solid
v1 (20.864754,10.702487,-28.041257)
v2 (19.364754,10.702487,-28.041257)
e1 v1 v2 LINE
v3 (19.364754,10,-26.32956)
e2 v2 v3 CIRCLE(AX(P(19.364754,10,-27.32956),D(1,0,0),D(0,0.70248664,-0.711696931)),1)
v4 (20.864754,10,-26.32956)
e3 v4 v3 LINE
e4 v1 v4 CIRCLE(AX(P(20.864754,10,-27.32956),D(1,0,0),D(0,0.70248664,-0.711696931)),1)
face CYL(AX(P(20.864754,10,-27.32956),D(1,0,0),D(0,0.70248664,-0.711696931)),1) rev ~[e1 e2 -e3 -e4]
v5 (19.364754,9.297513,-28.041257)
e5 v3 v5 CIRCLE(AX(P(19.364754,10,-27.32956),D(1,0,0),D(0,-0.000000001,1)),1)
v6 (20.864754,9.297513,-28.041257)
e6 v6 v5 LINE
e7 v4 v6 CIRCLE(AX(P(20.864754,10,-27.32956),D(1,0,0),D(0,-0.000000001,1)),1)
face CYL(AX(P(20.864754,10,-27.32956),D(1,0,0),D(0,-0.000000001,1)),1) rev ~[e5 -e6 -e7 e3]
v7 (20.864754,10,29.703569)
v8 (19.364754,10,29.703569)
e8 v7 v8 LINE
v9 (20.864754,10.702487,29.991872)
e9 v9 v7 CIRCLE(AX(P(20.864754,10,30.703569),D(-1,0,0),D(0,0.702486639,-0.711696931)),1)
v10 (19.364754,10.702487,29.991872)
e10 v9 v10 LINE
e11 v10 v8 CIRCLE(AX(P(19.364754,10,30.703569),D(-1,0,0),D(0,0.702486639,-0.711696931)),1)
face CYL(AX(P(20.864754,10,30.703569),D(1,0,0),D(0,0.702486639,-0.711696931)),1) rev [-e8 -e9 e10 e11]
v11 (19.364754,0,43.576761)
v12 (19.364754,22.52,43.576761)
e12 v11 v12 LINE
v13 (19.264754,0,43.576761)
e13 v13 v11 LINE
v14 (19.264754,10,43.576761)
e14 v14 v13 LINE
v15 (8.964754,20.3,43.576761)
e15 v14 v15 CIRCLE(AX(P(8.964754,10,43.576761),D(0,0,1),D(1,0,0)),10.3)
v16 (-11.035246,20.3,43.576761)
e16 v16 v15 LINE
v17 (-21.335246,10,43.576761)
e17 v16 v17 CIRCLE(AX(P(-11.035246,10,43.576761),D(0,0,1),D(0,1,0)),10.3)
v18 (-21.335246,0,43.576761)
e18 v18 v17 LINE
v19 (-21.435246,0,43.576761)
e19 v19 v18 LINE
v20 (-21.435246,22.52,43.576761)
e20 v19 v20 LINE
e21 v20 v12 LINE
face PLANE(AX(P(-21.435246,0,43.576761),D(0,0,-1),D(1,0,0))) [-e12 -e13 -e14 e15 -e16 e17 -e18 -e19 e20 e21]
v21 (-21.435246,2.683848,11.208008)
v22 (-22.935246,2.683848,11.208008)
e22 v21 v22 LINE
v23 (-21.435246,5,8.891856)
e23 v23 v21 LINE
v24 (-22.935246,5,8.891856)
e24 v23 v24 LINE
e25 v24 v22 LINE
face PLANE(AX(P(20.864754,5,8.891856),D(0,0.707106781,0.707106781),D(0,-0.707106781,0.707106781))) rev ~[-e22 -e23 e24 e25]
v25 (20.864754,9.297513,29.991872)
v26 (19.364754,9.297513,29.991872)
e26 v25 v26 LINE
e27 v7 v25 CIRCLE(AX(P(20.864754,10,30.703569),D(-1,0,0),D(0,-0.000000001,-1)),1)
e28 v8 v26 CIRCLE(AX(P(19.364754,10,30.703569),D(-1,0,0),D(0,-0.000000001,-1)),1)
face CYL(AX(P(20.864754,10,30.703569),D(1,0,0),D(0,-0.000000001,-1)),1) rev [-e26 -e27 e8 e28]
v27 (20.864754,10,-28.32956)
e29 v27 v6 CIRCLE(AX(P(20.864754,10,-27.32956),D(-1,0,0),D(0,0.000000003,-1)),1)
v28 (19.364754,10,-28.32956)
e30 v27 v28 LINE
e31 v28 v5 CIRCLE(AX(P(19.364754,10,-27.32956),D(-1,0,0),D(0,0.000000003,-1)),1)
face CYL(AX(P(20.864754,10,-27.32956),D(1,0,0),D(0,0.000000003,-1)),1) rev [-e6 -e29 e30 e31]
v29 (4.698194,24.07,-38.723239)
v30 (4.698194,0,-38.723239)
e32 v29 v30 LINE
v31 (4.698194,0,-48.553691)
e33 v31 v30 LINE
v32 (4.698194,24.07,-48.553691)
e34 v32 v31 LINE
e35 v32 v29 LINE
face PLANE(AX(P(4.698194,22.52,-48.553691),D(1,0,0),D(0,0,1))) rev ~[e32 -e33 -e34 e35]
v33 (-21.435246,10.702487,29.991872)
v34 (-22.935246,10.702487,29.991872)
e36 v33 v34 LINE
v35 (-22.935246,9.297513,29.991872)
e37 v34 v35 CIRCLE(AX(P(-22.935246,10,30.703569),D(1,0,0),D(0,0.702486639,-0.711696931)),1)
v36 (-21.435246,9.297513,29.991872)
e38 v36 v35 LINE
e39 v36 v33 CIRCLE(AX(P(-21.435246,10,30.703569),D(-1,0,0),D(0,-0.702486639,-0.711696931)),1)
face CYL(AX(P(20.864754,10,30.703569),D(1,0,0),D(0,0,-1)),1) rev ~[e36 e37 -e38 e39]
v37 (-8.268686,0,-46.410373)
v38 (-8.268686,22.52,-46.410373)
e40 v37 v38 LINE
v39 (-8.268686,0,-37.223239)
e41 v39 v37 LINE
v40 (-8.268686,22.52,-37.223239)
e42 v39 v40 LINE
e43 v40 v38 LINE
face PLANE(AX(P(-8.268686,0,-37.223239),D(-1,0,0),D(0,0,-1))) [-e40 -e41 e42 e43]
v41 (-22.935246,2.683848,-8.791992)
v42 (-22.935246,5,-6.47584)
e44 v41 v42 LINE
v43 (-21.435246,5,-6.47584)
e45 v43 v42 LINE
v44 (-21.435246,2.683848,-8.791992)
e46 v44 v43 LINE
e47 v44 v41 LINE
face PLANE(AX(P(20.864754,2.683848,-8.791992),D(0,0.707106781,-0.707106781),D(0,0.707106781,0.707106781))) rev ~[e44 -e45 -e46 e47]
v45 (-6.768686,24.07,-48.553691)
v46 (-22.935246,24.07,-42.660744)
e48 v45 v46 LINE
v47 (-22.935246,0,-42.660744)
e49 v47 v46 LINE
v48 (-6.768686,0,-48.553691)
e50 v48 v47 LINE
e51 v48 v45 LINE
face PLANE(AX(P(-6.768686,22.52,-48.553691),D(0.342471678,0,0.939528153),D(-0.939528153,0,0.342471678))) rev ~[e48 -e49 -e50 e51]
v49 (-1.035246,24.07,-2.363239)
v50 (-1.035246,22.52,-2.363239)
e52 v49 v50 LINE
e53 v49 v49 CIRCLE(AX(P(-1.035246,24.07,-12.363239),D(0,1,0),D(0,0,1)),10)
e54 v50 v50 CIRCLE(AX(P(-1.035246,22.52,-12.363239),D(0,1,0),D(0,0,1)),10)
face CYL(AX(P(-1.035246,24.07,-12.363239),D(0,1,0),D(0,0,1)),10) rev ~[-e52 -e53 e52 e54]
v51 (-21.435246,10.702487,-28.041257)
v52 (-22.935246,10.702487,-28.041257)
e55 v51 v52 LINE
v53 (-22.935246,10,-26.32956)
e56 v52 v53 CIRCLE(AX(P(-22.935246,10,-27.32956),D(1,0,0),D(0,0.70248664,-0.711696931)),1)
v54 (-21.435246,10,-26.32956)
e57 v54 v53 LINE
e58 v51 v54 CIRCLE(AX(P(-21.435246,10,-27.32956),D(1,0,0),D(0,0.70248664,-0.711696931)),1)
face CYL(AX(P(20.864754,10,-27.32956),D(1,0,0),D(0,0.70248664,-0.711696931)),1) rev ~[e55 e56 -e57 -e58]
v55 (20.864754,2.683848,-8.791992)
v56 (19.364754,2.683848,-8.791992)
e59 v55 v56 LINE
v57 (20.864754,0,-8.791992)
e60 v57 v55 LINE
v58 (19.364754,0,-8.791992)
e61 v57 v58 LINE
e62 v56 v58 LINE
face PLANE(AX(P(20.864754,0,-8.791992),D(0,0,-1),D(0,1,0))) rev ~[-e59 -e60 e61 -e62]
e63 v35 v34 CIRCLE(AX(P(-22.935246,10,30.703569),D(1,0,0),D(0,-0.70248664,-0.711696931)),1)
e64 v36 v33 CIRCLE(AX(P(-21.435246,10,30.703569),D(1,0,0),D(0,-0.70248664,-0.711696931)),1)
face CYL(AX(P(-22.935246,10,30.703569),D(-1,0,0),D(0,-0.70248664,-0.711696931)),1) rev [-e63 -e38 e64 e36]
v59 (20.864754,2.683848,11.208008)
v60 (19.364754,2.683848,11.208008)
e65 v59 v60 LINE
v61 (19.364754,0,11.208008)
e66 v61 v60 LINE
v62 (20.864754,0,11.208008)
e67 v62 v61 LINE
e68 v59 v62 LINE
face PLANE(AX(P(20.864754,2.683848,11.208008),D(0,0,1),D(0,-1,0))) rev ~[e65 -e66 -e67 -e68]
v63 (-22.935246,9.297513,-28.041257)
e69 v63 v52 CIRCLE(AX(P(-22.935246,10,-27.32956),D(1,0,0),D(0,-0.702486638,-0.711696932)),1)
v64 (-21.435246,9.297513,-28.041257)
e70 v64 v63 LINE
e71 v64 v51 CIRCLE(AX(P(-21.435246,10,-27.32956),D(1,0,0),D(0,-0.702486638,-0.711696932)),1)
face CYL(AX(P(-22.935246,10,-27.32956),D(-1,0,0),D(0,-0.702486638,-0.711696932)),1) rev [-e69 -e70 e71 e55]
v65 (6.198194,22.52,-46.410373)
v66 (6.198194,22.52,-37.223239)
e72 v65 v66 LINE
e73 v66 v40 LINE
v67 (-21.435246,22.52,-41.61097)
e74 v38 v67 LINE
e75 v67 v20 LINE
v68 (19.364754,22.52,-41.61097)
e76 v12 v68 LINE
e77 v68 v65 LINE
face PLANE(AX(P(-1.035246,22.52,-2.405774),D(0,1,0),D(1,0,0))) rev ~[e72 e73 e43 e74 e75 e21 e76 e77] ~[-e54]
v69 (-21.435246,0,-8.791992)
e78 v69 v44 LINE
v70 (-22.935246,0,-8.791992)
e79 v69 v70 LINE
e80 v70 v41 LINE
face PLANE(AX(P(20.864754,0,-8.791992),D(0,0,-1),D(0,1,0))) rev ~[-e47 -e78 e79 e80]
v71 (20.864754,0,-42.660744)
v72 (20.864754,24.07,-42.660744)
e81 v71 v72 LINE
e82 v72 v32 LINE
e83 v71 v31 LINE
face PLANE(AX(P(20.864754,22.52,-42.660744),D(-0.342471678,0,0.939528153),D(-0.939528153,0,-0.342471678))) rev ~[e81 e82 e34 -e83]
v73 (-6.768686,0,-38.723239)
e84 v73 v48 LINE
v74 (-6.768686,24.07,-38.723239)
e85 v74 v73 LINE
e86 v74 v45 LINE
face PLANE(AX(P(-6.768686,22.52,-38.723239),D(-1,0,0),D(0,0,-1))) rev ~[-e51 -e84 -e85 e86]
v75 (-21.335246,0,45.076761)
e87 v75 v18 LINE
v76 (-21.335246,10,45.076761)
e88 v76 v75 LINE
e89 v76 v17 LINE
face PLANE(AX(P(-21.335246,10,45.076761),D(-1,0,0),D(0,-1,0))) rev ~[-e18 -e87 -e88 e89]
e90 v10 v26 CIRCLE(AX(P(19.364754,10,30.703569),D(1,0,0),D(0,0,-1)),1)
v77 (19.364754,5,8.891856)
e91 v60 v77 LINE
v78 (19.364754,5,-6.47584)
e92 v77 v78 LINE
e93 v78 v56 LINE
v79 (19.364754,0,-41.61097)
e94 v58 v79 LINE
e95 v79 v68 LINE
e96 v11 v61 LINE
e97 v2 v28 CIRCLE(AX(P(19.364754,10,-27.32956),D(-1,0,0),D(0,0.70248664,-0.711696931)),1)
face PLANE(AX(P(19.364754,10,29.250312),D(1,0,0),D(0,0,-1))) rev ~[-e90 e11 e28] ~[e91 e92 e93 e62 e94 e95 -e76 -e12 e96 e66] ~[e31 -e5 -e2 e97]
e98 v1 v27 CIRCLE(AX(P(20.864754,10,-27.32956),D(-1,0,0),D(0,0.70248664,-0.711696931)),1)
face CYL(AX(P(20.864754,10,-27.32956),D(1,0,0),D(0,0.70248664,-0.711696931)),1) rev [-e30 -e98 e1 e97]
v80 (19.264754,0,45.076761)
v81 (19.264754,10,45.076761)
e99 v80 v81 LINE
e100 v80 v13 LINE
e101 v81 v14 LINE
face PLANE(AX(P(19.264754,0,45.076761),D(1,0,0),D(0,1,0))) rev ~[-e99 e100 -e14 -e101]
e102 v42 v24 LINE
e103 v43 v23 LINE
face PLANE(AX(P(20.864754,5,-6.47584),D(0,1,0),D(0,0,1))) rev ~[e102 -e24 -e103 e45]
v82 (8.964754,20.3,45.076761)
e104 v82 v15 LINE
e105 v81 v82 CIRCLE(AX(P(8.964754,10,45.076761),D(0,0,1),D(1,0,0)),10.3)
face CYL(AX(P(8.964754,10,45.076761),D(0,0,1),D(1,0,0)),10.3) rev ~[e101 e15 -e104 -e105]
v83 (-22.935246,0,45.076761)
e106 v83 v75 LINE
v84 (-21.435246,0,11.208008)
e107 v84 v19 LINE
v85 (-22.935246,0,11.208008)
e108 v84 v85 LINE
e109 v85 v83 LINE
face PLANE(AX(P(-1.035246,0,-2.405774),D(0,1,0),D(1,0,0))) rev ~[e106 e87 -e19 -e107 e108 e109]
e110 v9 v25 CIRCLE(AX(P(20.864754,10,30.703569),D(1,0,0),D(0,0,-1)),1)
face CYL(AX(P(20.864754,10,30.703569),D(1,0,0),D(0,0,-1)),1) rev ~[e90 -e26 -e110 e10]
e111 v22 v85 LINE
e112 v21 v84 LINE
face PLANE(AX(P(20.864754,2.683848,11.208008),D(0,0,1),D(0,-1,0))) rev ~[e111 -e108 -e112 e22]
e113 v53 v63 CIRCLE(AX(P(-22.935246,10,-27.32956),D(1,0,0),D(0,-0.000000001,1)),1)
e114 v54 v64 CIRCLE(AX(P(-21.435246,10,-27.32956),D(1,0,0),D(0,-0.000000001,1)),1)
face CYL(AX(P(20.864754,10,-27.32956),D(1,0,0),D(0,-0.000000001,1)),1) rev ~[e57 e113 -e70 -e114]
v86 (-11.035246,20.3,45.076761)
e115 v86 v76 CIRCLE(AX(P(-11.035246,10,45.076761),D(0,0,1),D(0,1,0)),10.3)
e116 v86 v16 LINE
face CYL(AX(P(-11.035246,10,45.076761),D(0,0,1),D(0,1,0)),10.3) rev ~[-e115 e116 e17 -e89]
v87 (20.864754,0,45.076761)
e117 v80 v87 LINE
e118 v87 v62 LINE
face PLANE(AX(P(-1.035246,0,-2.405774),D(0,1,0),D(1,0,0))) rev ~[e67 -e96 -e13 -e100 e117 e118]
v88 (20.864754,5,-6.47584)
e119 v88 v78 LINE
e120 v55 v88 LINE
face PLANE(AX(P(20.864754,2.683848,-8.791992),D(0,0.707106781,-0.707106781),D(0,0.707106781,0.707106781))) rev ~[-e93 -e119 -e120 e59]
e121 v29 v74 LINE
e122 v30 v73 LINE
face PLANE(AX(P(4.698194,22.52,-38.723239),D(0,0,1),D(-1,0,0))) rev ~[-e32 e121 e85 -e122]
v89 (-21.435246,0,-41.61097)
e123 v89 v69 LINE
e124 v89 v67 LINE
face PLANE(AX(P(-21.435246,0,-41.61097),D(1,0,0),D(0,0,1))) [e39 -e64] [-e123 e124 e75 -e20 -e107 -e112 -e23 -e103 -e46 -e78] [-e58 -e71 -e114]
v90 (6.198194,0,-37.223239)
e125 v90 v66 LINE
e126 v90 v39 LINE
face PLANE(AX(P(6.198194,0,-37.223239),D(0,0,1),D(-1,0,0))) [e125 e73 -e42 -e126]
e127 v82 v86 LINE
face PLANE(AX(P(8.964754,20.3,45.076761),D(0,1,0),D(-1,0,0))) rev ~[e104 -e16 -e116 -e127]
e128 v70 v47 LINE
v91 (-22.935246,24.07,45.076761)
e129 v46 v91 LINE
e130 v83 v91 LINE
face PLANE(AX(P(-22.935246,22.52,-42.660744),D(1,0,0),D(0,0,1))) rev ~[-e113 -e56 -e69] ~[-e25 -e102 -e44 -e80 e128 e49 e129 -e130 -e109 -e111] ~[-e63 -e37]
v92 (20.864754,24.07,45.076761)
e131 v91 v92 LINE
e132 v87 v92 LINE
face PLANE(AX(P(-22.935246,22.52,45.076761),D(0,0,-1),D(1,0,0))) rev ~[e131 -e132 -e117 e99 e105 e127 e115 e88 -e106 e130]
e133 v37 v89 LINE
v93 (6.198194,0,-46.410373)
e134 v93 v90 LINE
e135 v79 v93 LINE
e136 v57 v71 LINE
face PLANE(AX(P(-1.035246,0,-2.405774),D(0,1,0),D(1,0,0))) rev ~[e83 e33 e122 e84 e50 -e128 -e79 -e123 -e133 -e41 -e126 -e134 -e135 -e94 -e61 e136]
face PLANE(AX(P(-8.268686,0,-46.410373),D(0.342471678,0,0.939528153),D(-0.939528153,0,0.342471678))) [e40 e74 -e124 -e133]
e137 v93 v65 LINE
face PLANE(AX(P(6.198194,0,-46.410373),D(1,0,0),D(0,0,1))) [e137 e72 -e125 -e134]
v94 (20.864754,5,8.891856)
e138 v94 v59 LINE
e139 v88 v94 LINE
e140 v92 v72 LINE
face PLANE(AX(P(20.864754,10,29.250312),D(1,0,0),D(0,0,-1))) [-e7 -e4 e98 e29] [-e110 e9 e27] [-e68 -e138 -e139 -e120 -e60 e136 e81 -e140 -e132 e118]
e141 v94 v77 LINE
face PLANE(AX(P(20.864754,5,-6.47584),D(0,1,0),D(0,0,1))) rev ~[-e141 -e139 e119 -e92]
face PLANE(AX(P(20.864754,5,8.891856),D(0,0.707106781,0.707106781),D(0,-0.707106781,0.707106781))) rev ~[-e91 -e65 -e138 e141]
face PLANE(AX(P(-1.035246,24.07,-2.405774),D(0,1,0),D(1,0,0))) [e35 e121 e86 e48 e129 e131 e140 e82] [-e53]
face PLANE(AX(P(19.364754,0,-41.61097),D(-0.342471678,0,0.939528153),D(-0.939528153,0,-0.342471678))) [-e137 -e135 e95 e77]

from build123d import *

# Parameters (mm, degrees)
BOSS_EXTRUDE1_DEPTH = 50
BOSS_EXTRUDE2_DEPTH = 1.52
CUT_EXTRUDE2_DEPTH  = 1.52
CUT_EXTRUDE3_DEPTH  = 29
BOSS_EXTRUDE3_DEPTH = 1.55
SKETCH6_R           = 1
CUT_EXTRUDE4_DEPTH  = 77.55
CUT_EXTRUDE5_DEPTH  = 77.55
SKETCH8_R           = 1
CUT_EXTRUDE6_DEPTH  = 70
BOSS_EXTRUDE4_DEPTH = 1.5
BOSS_EXTRUDE5_DEPTH = 1.5
SKETCH12_R          = 10
CUT_EXTRUDE7_DEPTH  = 70


with BuildPart() as part:
    # Sketch1 → Boss-Extrude1 (new body)
    with BuildSketch(Plane(origin=(0, 0, 0), x_dir=(1, 0, 0), z_dir=(0, 1, 0))):
        Polygon((-22.935245878, -45.076760645), (20.864754122, -45.076760645), (20.864754122, 42.660744493), (4.698193973, 48.553690828), (4.698193973, 38.723239355), (-6.768685729, 38.723239355), (-6.768685729, 48.553690828), (-22.935245878, 42.660744493), align=None)
        Polygon((-21.435245878, -43.576760645), (19.364754122, -43.576760645), (19.364754122, 41.610970221), (6.198193973, 46.410372917), (6.198193973, 37.223239355), (-8.268685729, 37.223239355), (-8.268685729, 46.410372917), (-21.435245878, 41.610970221), align=None, mode=Mode.SUBTRACT)
    extrude(amount=BOSS_EXTRUDE1_DEPTH)

    # Sketch2 → Boss-Extrude2 (add)
    with BuildSketch(Plane(origin=(0, 50, 0), x_dir=(1, 0, 0), z_dir=(0, 1, 0))):
        Polygon((-22.935245878, 42.660744493), (-22.935245878, -45.076760645), (20.864754122, -45.076760645), (20.864754122, 42.660744493), (4.698193973, 48.553690828), (4.698193973, 38.723239355), (-6.768685729, 38.723239355), (-6.768685729, 48.553690828), align=None)
    extrude(amount=BOSS_EXTRUDE2_DEPTH)

    # Sketch3 → Cut-Extrude2 (cut)
    with BuildSketch(Plane.XY.offset(45.076760645)):
        with BuildLine():
            ThreePointArc((-11.035245878, 20), (-18.10631369, 17.071067812), (-21.035245878, 10))
            Line((-21.035245878, 10), (-21.035245878, 0))
            Line((-21.035245878, 0), (18.964754122, 0))
            Line((18.964754122, 0), (18.964754122, 10))
            ThreePointArc((18.964754122, 10), (16.035821934, 17.071067812), (8.964754122, 20))
            Line((8.964754122, 20), (-11.035245878, 20))
        make_face()
        with BuildLine():
            Line((-21.035245878, 0), (-21.035245878, 10))
            ThreePointArc((-21.035245878, 10), (-18.10631369, 17.071067812), (-11.035245878, 20))
            Line((-11.035245878, 20), (8.964754122, 20))
            ThreePointArc((8.964754122, 20), (16.035821934, 17.071067812), (18.964754122, 10))
            Line((18.964754122, 10), (18.964754122, 0))
            Line((18.964754122, 0), (19.264754122, 0))
            Line((19.264754122, 0), (19.264754122, 10))
            ThreePointArc((19.264754122, 10), (16.247953968, 17.283199846), (8.964754122, 20.3))
            Line((8.964754122, 20.3), (-11.035245878, 20.3))
            ThreePointArc((-11.035245878, 20.3), (-18.318445724, 17.283199846), (-21.335245878, 10))
            Line((-21.335245878, 10), (-21.335245878, 0))
            Line((-21.335245878, 0), (-21.035245878, 0))
        make_face()
    extrude(amount=-CUT_EXTRUDE2_DEPTH, mode=Mode.SUBTRACT)

    # Sketch4 → Cut-Extrude3 (cut)
    with BuildSketch(Plane(origin=(0, 51.52, 0), x_dir=(1, 0, 0), z_dir=(0, 1, 0))):
        Polygon((-6.768685729, 48.553690828), (-22.935245878, 42.660744493), (-22.935245878, -45.076760645), (20.864754122, -45.076760645), (20.864754122, 42.660744493), (4.698193973, 48.553690828), (4.698193973, 38.723239355), (-6.768685729, 38.723239355), align=None)
    extrude(amount=-CUT_EXTRUDE3_DEPTH, mode=Mode.SUBTRACT)

    # Sketch5 → Boss-Extrude3 (add)
    with BuildSketch(Plane(origin=(0, 22.52, 0), x_dir=(1, 0, 0), z_dir=(0, 1, 0))):
        Polygon((-6.768685729, 38.723239355), (-6.768685729, 48.553690828), (-22.935245878, 42.660744493), (-22.935245878, -45.076760645), (20.864754122, -45.076760645), (20.864754122, 42.660744493), (4.698193973, 48.553690828), (4.698193973, 38.723239355), align=None)
    extrude(amount=BOSS_EXTRUDE3_DEPTH)

    # Sketch6 → Cut-Extrude4 (cut)
    with BuildSketch(Plane(origin=(20.864754122, 0, 0), x_dir=(0, 0, -1), z_dir=(1, 0, 0))):
        with Locations((28.752953433, 10)):
            Circle(SKETCH6_R)
        with Locations((-29.280174862, 10)):
            Circle(SKETCH6_R)
    extrude(amount=-CUT_EXTRUDE4_DEPTH, mode=Mode.SUBTRACT)

    # Sketch7 → Cut-Extrude5 (cut)
    with BuildSketch(Plane(origin=(20.864754122, 0, 0), x_dir=(0, 0, -1), z_dir=(1, 0, 0))):
        Polygon((6.475840318, 5), (-8.89185647, 5), (-11.208008076, 2.683848394), (-11.208008076, 0), (8.791991924, 0), (8.791991924, 2.683848394), align=None)
    extrude(amount=-CUT_EXTRUDE5_DEPTH, mode=Mode.SUBTRACT)

    # Sketch8 → Cut-Extrude6 (cut)
    with BuildSketch(Plane(origin=(20.864754122, 0, 0), x_dir=(0, 0, -1), z_dir=(1, 0, 0))):
        with BuildLine():
            ThreePointArc((28.041256502, 10.702486639), (26.94988664, 10.925120784), (26.32955957, 10))
            Line((26.32955957, 10), (27.752953433, 10))
            ThreePointArc((27.752953433, 10), (27.827832649, 10.379672931), (28.041256502, 10.702486639))
        make_face()
        with BuildLine():
            Line((27.752953433, 10), (26.32955957, 10))
            ThreePointArc((26.32955957, 10), (26.94988664, 9.074879216), (28.041256502, 9.297513361))
            ThreePointArc((28.041256502, 9.297513361), (27.827832649, 9.620327069), (27.752953433, 10))
        make_face()
        with BuildLine():
            ThreePointArc((28.041256502, 10.702486639), (27.827832649, 10.379672931), (27.752953433, 10))
            Line((27.752953433, 10), (28.32955957, 10))
            ThreePointArc((28.32955957, 10), (28.254680355, 10.379672931), (28.041256502, 10.702486639))
        make_face()
        with BuildLine():
            Line((28.32955957, 10), (27.752953433, 10))
            ThreePointArc((27.752953433, 10), (27.827832649, 9.620327069), (28.041256502, 9.297513361))
            ThreePointArc((28.041256502, 9.297513361), (28.254680355, 9.620327069), (28.32955957, 10))
        make_face()
        with BuildLine():
            ThreePointArc((29.752953433, 10), (29.132626364, 10.925120784), (28.041256502, 10.702486639))
            ThreePointArc((28.041256502, 10.702486639), (28.254680355, 10.379672931), (28.32955957, 10))
            ThreePointArc((28.32955957, 10), (28.254680355, 9.620327069), (28.041256502, 9.297513361))
            ThreePointArc((28.041256502, 9.297513361), (29.132626364, 9.074879216), (29.752953433, 10))
        make_face()
        with Locations((-30.703568725, 10)):
            Circle(SKETCH8_R)
        with Locations((-29.280174862, 10)):
            Circle(SKETCH8_R)
    extrude(amount=-CUT_EXTRUDE6_DEPTH, mode=Mode.SUBTRACT)

    # Sketch10 → Boss-Extrude4 (add)
    with BuildSketch(Plane(origin=(20.864754122, 0, 0), x_dir=(0, 0, -1), z_dir=(1, 0, 0))):
        with BuildLine():
            ThreePointArc((-29.991871794, 9.297513361), (-28.280174862, 10), (-29.991871794, 10.702486639))
            ThreePointArc((-29.991871794, 10.702486639), (-29.778447941, 10.379672931), (-29.703568725, 10))
            ThreePointArc((-29.703568725, 10), (-29.778447941, 9.620327069), (-29.991871794, 9.297513361))
        make_face()
        with BuildLine():
            ThreePointArc((28.041256502, 10.702486639), (28.254680355, 10.379672931), (28.32955957, 10))
            ThreePointArc((28.32955957, 10), (28.254680355, 9.620327069), (28.041256502, 9.297513361))
            ThreePointArc((28.041256502, 9.297513361), (29.752953433, 10), (28.041256502, 10.702486639))
        make_face()
    extrude(amount=-BOSS_EXTRUDE4_DEPTH)

    # Sketch11 → Boss-Extrude5 (add)
    with BuildSketch(Plane.ZY.offset(22.935245878)):
        Polygon((-41.610970221, 22.52), (-41.610970221, 0), (-8.791991924, 0), (-8.791991924, 2.683848394), (-6.475840318, 5), (8.89185647, 5), (11.208008076, 2.683848394), (11.208008076, 0), (43.576760645, 0), (43.576760645, 22.52), align=None)
        with BuildLine():
            ThreePointArc((-28.041256502, 10.702486639), (-26.94988664, 10.925120784), (-26.32955957, 10))
            ThreePointArc((-26.32955957, 10), (-26.94988664, 9.074879216), (-28.041256502, 9.297513361))
            ThreePointArc((-28.041256502, 9.297513361), (-29.752953433, 10), (-28.041256502, 10.702486639))
        make_face(mode=Mode.SUBTRACT)
        with BuildLine():
            ThreePointArc((29.991871794, 10.702486639), (31.083241656, 10.925120784), (31.703568725, 10))
            ThreePointArc((31.703568725, 10), (31.083241656, 9.074879216), (29.991871794, 9.297513361))
            ThreePointArc((29.991871794, 9.297513361), (28.280174862, 10), (29.991871794, 10.702486639))
        make_face(mode=Mode.SUBTRACT)
        with BuildLine():
            ThreePointArc((29.991871794, 9.297513361), (29.703568725, 10), (29.991871794, 10.702486639))
            ThreePointArc((29.991871794, 10.702486639), (28.280174862, 10), (29.991871794, 9.297513361))
        make_face()
        with BuildLine():
            ThreePointArc((-28.041256502, 9.297513361), (-28.32955957, 10), (-28.041256502, 10.702486639))
            ThreePointArc((-28.041256502, 10.702486639), (-29.752953433, 10), (-28.041256502, 9.297513361))
        make_face()
    extrude(amount=-BOSS_EXTRUDE5_DEPTH)

    # Sketch12 → Cut-Extrude7 (cut)
    with BuildSketch(Plane(origin=(0, 24.07, 0), x_dir=(1, 0, 0), z_dir=(0, 1, 0))):
        with Locations(Location((-1.035245878, 12.363239355, 0), (0, 0, 270))):
            Circle(SKETCH12_R)
    extrude(amount=-CUT_EXTRUDE7_DEPTH, mode=Mode.SUBTRACT)


solid = part.part
